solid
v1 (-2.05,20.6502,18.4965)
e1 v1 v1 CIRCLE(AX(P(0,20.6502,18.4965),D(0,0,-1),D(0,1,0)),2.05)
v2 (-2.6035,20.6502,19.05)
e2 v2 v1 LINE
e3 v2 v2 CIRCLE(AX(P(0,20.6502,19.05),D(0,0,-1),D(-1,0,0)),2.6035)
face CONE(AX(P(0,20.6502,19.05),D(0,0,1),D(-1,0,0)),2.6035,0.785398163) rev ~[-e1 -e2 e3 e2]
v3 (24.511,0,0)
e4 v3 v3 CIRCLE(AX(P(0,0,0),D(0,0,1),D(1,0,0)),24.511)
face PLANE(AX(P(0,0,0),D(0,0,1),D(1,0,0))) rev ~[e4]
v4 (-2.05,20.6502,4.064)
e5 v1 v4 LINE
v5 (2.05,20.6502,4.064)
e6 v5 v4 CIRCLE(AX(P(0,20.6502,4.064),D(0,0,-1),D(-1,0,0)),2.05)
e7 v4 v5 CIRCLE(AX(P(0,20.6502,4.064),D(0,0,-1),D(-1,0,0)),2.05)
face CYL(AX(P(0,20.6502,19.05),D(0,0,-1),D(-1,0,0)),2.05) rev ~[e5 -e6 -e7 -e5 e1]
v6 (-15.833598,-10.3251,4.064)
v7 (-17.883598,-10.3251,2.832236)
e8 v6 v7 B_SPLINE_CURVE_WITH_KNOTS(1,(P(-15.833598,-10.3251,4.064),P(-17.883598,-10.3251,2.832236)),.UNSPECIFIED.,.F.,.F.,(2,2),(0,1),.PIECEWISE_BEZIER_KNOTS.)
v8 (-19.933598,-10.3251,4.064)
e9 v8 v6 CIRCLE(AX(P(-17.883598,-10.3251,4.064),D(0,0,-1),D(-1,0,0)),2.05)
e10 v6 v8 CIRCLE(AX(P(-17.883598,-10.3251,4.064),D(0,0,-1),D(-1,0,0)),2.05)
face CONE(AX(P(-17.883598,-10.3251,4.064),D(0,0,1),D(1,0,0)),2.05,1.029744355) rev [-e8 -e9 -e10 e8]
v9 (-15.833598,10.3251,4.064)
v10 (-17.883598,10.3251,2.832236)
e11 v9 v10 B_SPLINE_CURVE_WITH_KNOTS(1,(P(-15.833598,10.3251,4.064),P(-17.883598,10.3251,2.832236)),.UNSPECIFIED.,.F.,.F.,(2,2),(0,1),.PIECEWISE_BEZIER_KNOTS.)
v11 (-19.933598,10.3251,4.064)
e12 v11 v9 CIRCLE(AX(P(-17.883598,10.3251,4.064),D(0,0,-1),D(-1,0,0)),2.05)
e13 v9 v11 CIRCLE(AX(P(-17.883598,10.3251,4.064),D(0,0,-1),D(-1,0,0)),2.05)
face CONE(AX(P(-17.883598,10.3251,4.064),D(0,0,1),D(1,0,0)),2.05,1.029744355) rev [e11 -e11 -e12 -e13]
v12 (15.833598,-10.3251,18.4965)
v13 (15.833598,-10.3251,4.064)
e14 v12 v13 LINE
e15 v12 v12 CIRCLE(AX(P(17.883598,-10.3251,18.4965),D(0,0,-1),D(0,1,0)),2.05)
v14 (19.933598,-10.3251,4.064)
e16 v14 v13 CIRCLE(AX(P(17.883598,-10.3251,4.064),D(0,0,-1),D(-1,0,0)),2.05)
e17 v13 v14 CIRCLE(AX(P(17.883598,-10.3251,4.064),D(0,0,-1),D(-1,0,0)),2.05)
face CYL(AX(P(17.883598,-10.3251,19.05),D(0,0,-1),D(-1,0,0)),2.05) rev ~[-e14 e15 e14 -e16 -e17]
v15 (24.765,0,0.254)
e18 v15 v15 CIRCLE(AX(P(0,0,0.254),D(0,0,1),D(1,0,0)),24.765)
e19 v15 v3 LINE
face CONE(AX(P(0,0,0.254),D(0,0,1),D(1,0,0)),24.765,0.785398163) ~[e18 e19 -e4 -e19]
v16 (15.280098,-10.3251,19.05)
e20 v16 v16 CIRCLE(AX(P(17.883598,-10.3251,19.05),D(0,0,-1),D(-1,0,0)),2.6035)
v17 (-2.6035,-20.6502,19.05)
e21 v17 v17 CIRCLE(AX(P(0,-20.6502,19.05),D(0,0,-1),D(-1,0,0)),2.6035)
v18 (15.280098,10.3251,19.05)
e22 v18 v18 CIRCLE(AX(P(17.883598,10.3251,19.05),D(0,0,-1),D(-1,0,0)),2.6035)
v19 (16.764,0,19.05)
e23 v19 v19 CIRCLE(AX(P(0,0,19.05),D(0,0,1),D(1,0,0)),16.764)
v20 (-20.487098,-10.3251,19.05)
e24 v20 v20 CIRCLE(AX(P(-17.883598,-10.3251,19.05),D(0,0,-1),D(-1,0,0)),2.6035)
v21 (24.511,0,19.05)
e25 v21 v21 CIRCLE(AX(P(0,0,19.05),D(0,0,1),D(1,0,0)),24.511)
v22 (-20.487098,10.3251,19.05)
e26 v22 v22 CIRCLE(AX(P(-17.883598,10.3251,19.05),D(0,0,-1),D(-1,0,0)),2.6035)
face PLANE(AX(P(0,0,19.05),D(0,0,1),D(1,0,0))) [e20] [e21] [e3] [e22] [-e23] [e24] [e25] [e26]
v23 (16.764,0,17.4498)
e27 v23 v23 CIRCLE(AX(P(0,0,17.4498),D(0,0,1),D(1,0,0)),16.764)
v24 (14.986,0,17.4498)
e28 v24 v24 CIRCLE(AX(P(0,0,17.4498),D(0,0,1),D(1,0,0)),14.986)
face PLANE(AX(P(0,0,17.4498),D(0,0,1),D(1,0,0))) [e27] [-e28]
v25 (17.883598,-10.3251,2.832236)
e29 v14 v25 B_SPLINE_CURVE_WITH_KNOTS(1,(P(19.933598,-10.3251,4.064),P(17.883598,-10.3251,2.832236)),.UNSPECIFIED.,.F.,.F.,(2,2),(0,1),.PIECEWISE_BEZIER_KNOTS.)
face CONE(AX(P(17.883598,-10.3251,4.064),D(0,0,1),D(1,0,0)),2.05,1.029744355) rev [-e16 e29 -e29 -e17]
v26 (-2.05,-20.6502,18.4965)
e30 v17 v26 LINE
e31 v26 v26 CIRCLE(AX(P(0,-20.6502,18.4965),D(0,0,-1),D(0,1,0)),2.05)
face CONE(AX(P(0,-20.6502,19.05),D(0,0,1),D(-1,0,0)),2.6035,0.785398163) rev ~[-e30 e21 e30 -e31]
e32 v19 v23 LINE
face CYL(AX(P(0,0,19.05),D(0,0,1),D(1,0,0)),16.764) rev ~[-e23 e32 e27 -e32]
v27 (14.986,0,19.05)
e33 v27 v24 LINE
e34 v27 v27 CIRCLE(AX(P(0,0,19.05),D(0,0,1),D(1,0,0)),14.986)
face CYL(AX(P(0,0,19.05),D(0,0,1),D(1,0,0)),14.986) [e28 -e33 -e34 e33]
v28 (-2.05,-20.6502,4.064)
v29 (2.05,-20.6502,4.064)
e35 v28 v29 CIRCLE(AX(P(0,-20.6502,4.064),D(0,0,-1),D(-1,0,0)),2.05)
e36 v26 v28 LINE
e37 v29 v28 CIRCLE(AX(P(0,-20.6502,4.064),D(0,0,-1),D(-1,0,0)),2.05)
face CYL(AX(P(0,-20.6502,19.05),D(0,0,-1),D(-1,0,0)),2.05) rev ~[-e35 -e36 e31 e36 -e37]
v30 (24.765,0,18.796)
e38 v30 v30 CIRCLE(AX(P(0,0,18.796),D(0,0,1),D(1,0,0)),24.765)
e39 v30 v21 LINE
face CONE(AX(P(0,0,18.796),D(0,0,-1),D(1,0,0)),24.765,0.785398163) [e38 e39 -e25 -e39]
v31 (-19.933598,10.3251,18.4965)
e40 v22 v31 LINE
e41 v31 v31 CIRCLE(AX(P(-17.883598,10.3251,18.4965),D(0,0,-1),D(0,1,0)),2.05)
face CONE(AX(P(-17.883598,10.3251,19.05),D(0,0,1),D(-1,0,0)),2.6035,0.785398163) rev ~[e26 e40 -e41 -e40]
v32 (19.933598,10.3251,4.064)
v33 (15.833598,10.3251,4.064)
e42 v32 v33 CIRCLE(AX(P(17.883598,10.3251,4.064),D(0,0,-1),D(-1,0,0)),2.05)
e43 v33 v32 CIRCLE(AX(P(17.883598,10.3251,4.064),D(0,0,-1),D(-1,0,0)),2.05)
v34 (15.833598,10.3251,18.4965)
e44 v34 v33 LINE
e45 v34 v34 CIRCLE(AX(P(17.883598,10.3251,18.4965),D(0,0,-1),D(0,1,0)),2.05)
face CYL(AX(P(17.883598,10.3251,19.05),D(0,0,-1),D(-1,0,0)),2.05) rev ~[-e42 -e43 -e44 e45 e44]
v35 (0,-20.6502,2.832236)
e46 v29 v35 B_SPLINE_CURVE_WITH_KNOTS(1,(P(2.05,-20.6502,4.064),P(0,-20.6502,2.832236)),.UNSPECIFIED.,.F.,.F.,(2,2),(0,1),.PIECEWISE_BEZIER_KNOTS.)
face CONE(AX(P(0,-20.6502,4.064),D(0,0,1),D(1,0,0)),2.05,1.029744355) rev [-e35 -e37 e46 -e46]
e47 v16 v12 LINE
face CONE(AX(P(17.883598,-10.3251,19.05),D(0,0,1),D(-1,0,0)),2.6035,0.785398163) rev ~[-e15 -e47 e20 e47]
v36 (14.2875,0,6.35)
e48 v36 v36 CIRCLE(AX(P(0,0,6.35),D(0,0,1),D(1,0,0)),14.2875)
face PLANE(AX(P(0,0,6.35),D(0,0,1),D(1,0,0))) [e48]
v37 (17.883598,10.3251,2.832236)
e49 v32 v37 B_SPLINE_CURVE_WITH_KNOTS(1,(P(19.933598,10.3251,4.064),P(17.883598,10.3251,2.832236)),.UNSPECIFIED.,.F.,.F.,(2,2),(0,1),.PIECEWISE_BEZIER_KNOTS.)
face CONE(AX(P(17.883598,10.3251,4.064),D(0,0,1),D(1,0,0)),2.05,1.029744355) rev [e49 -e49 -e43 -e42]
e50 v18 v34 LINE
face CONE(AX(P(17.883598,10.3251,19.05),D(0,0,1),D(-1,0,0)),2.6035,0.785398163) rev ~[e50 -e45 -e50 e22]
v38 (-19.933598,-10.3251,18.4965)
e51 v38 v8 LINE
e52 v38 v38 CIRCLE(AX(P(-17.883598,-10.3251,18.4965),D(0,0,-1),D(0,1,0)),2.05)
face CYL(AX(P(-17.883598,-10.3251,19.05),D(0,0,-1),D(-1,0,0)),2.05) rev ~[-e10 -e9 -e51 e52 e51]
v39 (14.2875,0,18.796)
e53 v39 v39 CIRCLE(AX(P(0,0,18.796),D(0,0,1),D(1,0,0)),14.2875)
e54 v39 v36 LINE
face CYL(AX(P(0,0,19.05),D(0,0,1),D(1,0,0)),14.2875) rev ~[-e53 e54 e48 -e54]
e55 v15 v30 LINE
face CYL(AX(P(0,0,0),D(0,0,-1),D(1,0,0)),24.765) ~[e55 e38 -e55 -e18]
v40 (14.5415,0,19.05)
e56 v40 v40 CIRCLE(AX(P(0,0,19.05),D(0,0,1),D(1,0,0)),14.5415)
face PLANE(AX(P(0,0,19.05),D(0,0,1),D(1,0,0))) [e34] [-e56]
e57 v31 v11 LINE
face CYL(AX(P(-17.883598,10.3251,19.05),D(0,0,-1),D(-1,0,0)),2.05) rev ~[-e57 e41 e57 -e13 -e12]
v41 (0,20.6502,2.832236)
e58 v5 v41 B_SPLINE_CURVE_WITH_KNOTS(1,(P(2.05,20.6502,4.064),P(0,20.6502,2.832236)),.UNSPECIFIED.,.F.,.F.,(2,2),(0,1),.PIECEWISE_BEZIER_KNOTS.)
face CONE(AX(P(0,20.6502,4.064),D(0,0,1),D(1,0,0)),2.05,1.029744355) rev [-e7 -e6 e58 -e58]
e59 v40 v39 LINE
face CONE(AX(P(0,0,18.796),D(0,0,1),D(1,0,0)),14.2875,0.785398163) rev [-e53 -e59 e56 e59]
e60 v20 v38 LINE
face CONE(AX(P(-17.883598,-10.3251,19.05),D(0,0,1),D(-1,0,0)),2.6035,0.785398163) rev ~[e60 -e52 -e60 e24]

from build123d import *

# Parameters (mm, degrees)
CYLINDER_R       = 24.765
CYLINDER_DEPTH   = 19.05
HOLE_D           = 4.1
HOLE_DEPTH       = 14.986
HOLE_CSINK_D     = 5.207
HOLE_CSINK_ANGLE = 90
HOLE_TIPS_R      = 2.05
SKETCH001_R      = 14.2875
POCKET_DEPTH     = 12.7
SKETCH002_R      = 16.764
SKETCH002_R_2    = 14.986
POCKET001_DEPTH  = 1.6002
CHAMFER_SIZE     = 0.254


with BuildPart() as part:
    # Cylinder → Cylinder (join)
    with BuildSketch(Plane.XY):
        Circle(CYLINDER_R)
    extrude(amount=CYLINDER_DEPTH)

    # Hole
    with Locations(Plane.XY.offset(19.05)):
        with Locations((0, 20.6502), (17.883598, 10.3251), (17.883598, -10.3251), (0, -20.6502), (-17.883598, -10.3251), (-17.883598, 10.3251)):
            CounterSinkHole(HOLE_D / 2, HOLE_CSINK_D / 2, depth=HOLE_DEPTH, counter_sink_angle=HOLE_CSINK_ANGLE)

    # Hole tips → Hole tip 1 section 0
    with BuildSketch(Plane.XY.offset(4.064), mode=Mode.PRIVATE) as hole_tip_1_s0:
        with Locations((0, 20.6502)):
            Circle(HOLE_TIPS_R)
    loft([hole_tip_1_s0.sketch, Vertex(0, 20.6502, 2.832236)], mode=Mode.SUBTRACT)

    # Hole tips → Hole tip 2 section 0
    with BuildSketch(Plane.XY.offset(4.064), mode=Mode.PRIVATE) as hole_tip_2_s0:
        with Locations((17.883598, 10.3251)):
            Circle(HOLE_TIPS_R)
    loft([hole_tip_2_s0.sketch, Vertex(17.883598, 10.3251, 2.832236)], mode=Mode.SUBTRACT)

    # Hole tips → Hole tip 3 section 0
    with BuildSketch(Plane.XY.offset(4.064), mode=Mode.PRIVATE) as hole_tip_3_s0:
        with Locations((17.883598, -10.3251)):
            Circle(HOLE_TIPS_R)
    loft([hole_tip_3_s0.sketch, Vertex(17.883598, -10.3251, 2.832236)], mode=Mode.SUBTRACT)

    # Hole tips → Hole tip 4 section 0
    with BuildSketch(Plane.XY.offset(4.064), mode=Mode.PRIVATE) as hole_tip_4_s0:
        with Locations((0, -20.6502)):
            Circle(HOLE_TIPS_R)
    loft([hole_tip_4_s0.sketch, Vertex(0, -20.6502, 2.832236)], mode=Mode.SUBTRACT)

    # Hole tips → Hole tip 5 section 0
    with BuildSketch(Plane.XY.offset(4.064), mode=Mode.PRIVATE) as hole_tip_5_s0:
        with Locations((-17.883598, -10.3251)):
            Circle(HOLE_TIPS_R)
    loft([hole_tip_5_s0.sketch, Vertex(-17.883598, -10.3251, 2.832236)], mode=Mode.SUBTRACT)

    # Hole tips → Hole tip 6 section 0
    with BuildSketch(Plane.XY.offset(4.064), mode=Mode.PRIVATE) as hole_tip_6_s0:
        with Locations((-17.883598, 10.3251)):
            Circle(HOLE_TIPS_R)
    loft([hole_tip_6_s0.sketch, Vertex(-17.883598, 10.3251, 2.832236)], mode=Mode.SUBTRACT)

    # Sketch001 (on Face2 of Hole) → Pocket (cut)
    with BuildSketch(Plane.XY.offset(19.05)):
        Circle(SKETCH001_R)
    extrude(amount=-POCKET_DEPTH, mode=Mode.SUBTRACT)

    # Sketch002 (on Face2 of Pocket) → Pocket001 (cut)
    with BuildSketch(Plane.XY.offset(19.05)):
        Circle(SKETCH002_R)
        Circle(SKETCH002_R_2, mode=Mode.SUBTRACT)
    extrude(amount=-POCKET001_DEPTH, mode=Mode.SUBTRACT)

    # Chamfer
    chamfer_edges = [part.edges().sort_by_distance(p)[0] for p in [
        (-14.2875, 0, 19.05),
        (-24.765, 0, 19.05),
        (-24.765, 0, 0),
    ]]
    chamfer(chamfer_edges, length=CHAMFER_SIZE)


solid = part.part
